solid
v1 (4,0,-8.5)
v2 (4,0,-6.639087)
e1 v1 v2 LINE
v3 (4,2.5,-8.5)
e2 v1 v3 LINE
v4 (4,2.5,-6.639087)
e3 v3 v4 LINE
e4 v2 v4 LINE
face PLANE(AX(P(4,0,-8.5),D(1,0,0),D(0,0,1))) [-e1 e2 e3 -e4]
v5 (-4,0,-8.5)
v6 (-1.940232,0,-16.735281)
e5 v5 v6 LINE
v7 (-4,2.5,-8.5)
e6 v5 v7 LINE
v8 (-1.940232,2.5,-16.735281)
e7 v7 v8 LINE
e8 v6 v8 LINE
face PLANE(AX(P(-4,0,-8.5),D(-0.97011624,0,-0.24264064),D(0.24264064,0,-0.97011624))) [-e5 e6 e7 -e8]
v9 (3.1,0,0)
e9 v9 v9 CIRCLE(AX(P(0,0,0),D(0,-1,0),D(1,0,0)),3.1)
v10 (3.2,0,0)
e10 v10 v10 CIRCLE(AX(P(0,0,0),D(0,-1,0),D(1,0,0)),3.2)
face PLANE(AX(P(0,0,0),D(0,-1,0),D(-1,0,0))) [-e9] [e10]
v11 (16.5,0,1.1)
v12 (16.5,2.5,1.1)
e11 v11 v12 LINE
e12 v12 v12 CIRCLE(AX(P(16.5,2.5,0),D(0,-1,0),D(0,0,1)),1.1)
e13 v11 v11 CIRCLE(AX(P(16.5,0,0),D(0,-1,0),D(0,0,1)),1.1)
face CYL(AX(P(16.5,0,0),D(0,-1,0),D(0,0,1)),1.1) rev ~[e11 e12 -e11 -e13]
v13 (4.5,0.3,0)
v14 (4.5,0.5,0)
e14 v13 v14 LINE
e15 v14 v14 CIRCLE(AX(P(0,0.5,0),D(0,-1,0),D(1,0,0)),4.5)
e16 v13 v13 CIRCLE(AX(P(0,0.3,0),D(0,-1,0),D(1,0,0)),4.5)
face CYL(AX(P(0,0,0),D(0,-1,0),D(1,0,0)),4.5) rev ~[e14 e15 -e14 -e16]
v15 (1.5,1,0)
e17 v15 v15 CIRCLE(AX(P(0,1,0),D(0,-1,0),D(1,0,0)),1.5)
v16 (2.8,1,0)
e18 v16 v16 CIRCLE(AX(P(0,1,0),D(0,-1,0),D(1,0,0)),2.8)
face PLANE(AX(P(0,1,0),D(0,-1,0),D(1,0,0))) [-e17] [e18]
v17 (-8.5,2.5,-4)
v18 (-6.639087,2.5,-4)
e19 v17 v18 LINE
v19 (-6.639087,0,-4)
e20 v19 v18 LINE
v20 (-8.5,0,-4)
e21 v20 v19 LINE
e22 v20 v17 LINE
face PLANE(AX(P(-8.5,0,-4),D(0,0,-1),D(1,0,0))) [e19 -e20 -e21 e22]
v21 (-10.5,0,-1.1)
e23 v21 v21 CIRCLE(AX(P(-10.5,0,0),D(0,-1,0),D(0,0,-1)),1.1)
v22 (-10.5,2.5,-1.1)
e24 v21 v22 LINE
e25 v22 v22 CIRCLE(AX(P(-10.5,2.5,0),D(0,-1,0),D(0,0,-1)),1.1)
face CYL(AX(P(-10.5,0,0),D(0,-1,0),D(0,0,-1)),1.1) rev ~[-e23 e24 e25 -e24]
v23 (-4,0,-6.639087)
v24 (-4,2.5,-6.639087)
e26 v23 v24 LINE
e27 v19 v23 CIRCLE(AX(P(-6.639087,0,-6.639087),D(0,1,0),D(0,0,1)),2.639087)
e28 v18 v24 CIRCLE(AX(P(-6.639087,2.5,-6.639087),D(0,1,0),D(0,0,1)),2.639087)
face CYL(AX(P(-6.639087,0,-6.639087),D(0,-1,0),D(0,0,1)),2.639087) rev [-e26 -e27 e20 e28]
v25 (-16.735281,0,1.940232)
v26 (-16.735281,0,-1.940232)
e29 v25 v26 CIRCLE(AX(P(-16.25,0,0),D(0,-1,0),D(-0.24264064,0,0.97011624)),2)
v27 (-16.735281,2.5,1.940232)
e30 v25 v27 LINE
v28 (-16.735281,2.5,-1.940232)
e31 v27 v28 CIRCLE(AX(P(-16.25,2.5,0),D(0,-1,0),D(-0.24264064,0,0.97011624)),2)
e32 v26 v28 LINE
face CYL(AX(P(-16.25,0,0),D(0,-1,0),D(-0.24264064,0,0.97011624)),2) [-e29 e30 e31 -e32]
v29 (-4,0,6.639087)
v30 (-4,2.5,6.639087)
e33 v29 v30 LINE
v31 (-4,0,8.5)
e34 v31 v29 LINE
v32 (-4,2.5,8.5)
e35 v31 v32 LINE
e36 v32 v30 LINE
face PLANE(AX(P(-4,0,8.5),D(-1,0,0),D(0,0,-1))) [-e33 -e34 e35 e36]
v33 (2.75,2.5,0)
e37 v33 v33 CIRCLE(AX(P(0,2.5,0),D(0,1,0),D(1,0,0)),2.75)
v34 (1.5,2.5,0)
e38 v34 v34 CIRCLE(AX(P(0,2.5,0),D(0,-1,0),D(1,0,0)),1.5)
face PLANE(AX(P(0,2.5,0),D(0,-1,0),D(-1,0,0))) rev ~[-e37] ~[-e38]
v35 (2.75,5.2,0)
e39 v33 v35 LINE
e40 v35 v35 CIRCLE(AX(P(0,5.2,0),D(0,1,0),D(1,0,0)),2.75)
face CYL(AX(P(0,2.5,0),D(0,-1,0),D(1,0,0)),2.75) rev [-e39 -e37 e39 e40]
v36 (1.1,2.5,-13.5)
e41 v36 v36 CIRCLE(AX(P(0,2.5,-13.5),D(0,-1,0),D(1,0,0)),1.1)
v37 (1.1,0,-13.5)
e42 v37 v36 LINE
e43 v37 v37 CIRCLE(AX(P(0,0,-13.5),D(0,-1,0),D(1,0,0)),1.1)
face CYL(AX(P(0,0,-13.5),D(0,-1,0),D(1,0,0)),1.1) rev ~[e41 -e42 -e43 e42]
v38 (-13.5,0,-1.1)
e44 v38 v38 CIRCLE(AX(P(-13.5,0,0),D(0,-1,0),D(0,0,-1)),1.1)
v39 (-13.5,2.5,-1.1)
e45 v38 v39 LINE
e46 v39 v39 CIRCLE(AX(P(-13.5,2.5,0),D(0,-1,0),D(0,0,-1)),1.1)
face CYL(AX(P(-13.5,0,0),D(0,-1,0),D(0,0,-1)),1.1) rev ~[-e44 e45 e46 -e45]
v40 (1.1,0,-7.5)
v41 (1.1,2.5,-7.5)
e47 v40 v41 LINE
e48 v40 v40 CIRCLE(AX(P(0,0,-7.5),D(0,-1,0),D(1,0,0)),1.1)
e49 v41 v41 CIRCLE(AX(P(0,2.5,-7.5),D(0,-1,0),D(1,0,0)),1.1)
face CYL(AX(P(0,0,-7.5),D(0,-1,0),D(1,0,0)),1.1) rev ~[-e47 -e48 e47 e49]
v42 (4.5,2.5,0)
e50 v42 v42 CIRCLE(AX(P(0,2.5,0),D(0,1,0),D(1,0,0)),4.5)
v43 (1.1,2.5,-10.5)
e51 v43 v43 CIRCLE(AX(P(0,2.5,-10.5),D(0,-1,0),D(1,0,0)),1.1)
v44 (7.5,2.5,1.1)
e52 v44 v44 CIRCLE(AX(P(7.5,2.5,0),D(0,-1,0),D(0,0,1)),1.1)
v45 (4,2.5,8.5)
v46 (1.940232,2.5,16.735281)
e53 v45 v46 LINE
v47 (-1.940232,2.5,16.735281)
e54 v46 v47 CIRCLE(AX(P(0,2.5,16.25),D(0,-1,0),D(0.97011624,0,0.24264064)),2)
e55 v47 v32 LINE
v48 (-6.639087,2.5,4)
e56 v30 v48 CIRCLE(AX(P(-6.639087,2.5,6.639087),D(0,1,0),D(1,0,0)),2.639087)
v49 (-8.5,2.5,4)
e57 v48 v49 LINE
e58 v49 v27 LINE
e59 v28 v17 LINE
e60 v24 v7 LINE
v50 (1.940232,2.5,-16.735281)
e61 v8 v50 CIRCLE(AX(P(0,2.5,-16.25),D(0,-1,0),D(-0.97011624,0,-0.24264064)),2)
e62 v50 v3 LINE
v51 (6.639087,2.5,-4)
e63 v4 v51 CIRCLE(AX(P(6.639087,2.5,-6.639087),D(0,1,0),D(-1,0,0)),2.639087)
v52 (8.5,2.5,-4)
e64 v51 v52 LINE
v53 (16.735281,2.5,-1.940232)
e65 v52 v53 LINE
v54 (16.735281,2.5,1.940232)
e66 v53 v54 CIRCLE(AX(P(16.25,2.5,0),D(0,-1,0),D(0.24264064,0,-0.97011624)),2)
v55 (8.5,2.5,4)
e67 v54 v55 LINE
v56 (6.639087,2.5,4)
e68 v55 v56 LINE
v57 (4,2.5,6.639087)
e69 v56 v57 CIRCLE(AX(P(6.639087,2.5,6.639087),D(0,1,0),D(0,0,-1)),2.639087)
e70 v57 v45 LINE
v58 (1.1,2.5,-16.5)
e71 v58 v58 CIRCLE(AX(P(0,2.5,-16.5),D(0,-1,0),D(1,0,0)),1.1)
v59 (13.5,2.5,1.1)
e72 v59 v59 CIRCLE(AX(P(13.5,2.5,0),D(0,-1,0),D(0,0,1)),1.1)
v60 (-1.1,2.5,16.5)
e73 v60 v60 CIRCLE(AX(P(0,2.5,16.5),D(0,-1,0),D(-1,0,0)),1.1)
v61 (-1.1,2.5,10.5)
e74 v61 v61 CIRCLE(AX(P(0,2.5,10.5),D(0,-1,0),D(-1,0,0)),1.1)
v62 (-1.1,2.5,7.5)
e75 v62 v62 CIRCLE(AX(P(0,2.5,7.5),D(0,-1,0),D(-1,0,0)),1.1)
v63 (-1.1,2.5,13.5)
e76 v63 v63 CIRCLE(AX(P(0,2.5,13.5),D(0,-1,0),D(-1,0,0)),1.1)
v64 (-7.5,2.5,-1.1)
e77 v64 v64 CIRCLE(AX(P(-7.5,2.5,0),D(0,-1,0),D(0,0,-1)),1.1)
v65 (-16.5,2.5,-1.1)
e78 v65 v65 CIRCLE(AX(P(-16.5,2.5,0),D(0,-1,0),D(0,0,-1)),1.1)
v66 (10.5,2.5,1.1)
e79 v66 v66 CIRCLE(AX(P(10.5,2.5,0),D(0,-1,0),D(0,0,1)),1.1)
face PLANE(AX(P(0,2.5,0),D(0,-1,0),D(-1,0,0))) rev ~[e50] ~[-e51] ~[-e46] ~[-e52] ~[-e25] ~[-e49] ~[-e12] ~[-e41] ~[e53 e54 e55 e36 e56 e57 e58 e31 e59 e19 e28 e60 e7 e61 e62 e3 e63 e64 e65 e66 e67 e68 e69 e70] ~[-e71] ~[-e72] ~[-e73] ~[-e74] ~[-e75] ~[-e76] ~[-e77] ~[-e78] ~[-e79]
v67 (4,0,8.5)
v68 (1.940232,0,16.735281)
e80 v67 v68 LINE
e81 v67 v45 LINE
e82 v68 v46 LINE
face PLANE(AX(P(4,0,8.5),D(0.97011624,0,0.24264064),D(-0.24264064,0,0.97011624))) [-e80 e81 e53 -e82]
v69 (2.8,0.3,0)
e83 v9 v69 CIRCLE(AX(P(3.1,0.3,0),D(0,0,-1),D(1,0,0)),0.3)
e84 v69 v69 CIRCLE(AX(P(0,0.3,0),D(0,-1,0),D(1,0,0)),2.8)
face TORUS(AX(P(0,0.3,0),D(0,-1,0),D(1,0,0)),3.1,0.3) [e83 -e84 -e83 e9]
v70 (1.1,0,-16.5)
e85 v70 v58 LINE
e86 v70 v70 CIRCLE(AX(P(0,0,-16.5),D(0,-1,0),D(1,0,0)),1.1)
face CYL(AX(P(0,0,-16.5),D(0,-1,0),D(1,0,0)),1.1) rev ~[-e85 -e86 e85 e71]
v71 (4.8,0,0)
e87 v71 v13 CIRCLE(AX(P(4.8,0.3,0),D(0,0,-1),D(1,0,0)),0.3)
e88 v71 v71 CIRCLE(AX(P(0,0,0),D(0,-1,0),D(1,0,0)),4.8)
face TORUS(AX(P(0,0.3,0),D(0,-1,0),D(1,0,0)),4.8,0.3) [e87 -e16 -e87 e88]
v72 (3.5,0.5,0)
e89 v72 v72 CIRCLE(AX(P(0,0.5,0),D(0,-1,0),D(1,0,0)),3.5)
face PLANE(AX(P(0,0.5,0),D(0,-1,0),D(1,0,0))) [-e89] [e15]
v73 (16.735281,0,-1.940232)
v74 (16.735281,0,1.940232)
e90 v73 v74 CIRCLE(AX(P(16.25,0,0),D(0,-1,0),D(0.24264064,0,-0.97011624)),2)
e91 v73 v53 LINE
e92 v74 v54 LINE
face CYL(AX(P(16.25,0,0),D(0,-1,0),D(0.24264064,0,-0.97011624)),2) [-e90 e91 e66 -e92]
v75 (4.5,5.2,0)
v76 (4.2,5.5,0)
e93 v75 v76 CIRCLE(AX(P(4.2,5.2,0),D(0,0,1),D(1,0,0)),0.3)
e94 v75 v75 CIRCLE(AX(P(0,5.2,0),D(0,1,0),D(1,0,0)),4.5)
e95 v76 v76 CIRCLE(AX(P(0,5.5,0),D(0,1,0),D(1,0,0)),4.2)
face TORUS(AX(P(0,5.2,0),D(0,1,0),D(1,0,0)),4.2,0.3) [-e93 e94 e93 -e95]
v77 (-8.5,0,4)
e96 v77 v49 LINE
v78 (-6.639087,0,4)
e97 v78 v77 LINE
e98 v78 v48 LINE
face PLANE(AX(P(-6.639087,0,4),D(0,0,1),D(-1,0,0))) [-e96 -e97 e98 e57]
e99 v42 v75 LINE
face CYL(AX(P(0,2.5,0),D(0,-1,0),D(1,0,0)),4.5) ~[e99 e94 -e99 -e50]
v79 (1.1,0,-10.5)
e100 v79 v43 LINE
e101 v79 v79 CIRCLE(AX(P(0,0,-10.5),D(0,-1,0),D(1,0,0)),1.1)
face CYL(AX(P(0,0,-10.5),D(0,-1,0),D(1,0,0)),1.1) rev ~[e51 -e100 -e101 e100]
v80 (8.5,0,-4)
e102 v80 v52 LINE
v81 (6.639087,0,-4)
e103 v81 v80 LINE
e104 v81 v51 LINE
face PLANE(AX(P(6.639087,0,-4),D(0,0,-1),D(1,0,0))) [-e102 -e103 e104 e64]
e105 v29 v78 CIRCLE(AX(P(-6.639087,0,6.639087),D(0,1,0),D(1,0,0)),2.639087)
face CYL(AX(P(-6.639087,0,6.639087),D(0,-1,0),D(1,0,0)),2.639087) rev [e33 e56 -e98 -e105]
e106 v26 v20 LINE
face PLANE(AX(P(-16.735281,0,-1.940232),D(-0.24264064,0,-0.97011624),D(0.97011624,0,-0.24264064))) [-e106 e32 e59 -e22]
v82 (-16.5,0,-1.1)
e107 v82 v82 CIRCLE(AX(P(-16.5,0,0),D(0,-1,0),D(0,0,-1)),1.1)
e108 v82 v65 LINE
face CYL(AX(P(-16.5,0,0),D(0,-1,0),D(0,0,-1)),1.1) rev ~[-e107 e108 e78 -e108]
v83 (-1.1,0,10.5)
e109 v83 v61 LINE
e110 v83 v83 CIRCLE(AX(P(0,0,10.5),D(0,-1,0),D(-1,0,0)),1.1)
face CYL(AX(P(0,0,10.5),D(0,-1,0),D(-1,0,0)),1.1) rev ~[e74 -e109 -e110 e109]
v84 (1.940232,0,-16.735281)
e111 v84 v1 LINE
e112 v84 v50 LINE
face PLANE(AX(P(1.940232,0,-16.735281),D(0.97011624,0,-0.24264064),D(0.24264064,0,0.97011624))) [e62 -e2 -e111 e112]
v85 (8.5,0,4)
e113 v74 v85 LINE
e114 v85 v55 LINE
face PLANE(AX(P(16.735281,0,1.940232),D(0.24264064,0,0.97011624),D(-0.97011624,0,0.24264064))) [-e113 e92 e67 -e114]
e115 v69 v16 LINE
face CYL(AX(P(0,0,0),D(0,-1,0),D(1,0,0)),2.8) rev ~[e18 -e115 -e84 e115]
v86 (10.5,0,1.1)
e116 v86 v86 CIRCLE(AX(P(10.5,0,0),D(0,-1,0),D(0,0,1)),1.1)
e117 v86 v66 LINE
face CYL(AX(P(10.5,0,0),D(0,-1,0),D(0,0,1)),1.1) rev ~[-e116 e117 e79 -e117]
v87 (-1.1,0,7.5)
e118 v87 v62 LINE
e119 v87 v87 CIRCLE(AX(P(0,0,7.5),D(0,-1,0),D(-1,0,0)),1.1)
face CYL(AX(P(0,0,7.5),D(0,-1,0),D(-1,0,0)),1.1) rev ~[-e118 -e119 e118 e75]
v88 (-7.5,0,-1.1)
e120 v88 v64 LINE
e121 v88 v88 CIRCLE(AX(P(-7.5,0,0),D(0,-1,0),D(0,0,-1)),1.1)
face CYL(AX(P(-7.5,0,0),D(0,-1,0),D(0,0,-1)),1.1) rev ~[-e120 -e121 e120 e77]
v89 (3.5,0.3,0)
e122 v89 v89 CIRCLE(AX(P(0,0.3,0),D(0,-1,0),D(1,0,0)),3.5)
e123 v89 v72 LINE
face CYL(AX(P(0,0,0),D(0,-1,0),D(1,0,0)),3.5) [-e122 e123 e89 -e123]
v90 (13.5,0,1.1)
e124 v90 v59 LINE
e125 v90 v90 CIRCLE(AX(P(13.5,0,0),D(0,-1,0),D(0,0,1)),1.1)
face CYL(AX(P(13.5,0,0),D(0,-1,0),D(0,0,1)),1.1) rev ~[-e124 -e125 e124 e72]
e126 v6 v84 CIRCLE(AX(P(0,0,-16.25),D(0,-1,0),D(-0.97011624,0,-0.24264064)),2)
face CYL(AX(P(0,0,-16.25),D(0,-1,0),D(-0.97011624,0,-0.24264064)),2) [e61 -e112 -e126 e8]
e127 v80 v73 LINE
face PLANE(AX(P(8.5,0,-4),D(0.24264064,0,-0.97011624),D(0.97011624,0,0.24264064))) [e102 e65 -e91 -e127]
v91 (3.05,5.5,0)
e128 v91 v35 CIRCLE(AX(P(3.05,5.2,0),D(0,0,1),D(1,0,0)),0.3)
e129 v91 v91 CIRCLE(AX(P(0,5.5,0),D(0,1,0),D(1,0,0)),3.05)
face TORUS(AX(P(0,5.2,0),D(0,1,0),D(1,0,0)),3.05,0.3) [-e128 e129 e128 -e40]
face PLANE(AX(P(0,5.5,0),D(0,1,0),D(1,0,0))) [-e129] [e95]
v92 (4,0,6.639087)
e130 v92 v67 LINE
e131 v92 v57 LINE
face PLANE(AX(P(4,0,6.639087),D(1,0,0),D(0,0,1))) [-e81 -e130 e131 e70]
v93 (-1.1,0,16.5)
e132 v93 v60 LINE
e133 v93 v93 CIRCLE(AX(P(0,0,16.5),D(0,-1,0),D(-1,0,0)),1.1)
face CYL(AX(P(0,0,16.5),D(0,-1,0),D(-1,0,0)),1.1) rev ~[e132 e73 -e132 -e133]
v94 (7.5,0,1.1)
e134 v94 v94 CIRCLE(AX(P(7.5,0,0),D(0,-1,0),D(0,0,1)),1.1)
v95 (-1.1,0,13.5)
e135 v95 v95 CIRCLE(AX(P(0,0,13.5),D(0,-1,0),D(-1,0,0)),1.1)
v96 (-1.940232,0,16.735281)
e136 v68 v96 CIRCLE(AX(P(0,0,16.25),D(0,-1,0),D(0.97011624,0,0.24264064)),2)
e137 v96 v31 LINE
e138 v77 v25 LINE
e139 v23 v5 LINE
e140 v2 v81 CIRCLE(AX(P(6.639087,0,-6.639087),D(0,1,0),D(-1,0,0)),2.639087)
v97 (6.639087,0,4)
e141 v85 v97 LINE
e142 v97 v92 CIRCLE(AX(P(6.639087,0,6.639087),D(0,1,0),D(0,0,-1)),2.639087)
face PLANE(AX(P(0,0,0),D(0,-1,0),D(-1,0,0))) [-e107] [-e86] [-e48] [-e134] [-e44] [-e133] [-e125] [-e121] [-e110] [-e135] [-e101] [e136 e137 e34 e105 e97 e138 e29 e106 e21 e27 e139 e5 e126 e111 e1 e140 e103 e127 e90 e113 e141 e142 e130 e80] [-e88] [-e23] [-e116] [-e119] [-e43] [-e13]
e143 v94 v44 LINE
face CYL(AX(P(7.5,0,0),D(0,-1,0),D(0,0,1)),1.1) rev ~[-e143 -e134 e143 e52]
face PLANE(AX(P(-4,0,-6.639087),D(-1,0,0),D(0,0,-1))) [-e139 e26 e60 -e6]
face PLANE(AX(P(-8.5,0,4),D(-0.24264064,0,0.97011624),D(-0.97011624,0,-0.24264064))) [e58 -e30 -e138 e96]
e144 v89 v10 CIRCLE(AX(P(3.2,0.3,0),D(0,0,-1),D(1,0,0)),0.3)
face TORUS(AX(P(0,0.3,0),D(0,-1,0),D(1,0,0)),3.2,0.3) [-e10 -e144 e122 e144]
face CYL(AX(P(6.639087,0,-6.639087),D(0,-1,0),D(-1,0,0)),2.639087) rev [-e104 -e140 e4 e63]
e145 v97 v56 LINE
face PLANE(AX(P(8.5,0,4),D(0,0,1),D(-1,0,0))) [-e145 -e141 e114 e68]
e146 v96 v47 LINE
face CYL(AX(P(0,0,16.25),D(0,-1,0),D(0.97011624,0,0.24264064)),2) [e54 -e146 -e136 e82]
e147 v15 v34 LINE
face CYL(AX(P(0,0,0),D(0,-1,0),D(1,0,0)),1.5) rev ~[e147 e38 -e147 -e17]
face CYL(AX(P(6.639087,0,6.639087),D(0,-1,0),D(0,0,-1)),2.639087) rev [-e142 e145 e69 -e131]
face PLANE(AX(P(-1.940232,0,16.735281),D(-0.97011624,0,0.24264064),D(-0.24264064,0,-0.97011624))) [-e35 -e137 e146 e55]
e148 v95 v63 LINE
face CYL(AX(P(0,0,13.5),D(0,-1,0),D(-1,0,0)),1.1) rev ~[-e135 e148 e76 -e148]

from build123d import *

# Parameters (mm, degrees)
SALIENTE_EXTRUIR1_DEPTH = 2.5
CROQUIS2_R              = 4.5
CROQUIS2_R_2            = 2.75
SALIENTE_EXTRUIR2_DEPTH = 3
CORTAR_EXTRUIR1_REACH   = 7.5
CROQUIS3_R              = 1.5
CROQUIS4_R              = 2.8
CORTAR_EXTRUIR2_DEPTH   = 1
CROQUIS5_R              = 4.5
CROQUIS5_R_2            = 3.5
CORTAR_EXTRUIR3_DEPTH   = 0.5
REDONDEO1_R             = 0.3
CROQUIS6_R              = 1.1
CORTAR_EXTRUIR4_DEPTH   = 2.5
MATRIZC1_COUNT          = 4


with BuildPart() as part:
    # Croquis1 → Saliente-Extruir1 (new body)
    with BuildSketch(Plane(origin=(0, 0, 0), x_dir=(1, 0, 0), z_dir=(0, 1, 0))):
        with BuildLine():
            Line((-8.5, 4), (-6.639087297, 4))
            ThreePointArc((-6.639087297, 4), (-4.772970773, 4.772970773), (-4, 6.639087297))
            Line((-4, 6.639087297), (-4, 8.5))
            Line((-4, 8.5), (-1.940232481, 16.73528128))
            ThreePointArc((-1.940232481, 16.73528128), (0, 18.25), (1.940232481, 16.73528128))
            Line((1.940232481, 16.73528128), (4, 8.5))
            Line((4, 8.5), (4, 6.639087297))
            ThreePointArc((4, 6.639087297), (4.772970773, 4.772970773), (6.639087297, 4))
            Line((6.639087297, 4), (8.5, 4))
            Line((8.5, 4), (16.73528128, 1.940232481))
            ThreePointArc((16.73528128, 1.940232481), (18.25, 0), (16.73528128, -1.940232481))
            Line((16.73528128, -1.940232481), (8.5, -4))
            Line((8.5, -4), (6.639087297, -4))
            ThreePointArc((6.639087297, -4), (4.772970773, -4.772970773), (4, -6.639087297))
            Line((4, -6.639087297), (4, -8.5))
            Line((4, -8.5), (1.940232481, -16.73528128))
            ThreePointArc((1.940232481, -16.73528128), (0, -18.25), (-1.940232481, -16.73528128))
            Line((-1.940232481, -16.73528128), (-4, -8.5))
            Line((-4, -8.5), (-4, -6.639087297))
            ThreePointArc((-4, -6.639087297), (-4.772970773, -4.772970773), (-6.639087297, -4))
            Line((-6.639087297, -4), (-8.5, -4))
            Line((-8.5, -4), (-16.73528128, -1.940232481))
            ThreePointArc((-16.73528128, -1.940232481), (-18.25, 0), (-16.73528128, 1.940232481))
            Line((-16.73528128, 1.940232481), (-8.5, 4))
        make_face()
    extrude(amount=SALIENTE_EXTRUIR1_DEPTH)

    # Croquis2 → Saliente-Extruir2 (add)
    with BuildSketch(Plane(origin=(0, 2.5, 0), x_dir=(1, 0, 0), z_dir=(0, 1, 0))):
        Circle(CROQUIS2_R)
        Circle(CROQUIS2_R_2, mode=Mode.SUBTRACT)
    extrude(amount=SALIENTE_EXTRUIR2_DEPTH)

    # Croquis3 → Cortar-Extruir1 (cut, up to next)
    with BuildSketch(Plane.XZ, mode=Mode.PRIVATE) as cortar_extruir1_sk1:
        Circle(CROQUIS3_R)
    cortar_extruir1_tool1 = extrude(cortar_extruir1_sk1.sketch, amount=-CORTAR_EXTRUIR1_REACH, mode=Mode.PRIVATE) & part.part
    add(cortar_extruir1_tool1.solids().sort_by_distance((0, 0, 0))[0], mode=Mode.SUBTRACT)

    # Croquis4 → Cortar-Extruir2 (cut)
    with BuildSketch(Plane.XZ):
        Circle(CROQUIS4_R)
    extrude(amount=-CORTAR_EXTRUIR2_DEPTH, mode=Mode.SUBTRACT)

    # Croquis5 → Cortar-Extruir3 (cut)
    with BuildSketch(Plane.XZ):
        Circle(CROQUIS5_R)
        Circle(CROQUIS5_R_2, mode=Mode.SUBTRACT)
    extrude(amount=-CORTAR_EXTRUIR3_DEPTH, mode=Mode.SUBTRACT)

    # Redondeo1
    redondeo1_edges = [part.edges().sort_by_distance(p)[0] for p in [
        (-4.5, 5.5, 0),
        (-2.75, 5.5, 0),
        (-2.8, 0, 0),
        (-4.5, 0, 0),
        (-3.5, 0, 0),
    ]]
    fillet(redondeo1_edges, radius=REDONDEO1_R)

    # Croquis6 → Cortar-Extruir4 (cut)
    with BuildSketch(Plane.XZ):
        with Locations((0, -16.5)):
            Circle(CROQUIS6_R)
        with Locations((0, -13.5)):
            Circle(CROQUIS6_R)
        with Locations((0, -10.5)):
            Circle(CROQUIS6_R)
        with Locations((0, -7.5)):
            Circle(CROQUIS6_R)
    cortar_extruir4 = extrude(amount=-CORTAR_EXTRUIR4_DEPTH, mode=Mode.SUBTRACT)

    # MatrizC1: Cortar-Extruir4 ×4 about axis
    matrizc1_axis = Axis((0, 0, 0), (0, 1, 0))
    for i in range(1, MATRIZC1_COUNT):
        add(cortar_extruir4.rotate(matrizc1_axis, i * 360 / MATRIZC1_COUNT), mode=Mode.SUBTRACT)


solid = part.part
